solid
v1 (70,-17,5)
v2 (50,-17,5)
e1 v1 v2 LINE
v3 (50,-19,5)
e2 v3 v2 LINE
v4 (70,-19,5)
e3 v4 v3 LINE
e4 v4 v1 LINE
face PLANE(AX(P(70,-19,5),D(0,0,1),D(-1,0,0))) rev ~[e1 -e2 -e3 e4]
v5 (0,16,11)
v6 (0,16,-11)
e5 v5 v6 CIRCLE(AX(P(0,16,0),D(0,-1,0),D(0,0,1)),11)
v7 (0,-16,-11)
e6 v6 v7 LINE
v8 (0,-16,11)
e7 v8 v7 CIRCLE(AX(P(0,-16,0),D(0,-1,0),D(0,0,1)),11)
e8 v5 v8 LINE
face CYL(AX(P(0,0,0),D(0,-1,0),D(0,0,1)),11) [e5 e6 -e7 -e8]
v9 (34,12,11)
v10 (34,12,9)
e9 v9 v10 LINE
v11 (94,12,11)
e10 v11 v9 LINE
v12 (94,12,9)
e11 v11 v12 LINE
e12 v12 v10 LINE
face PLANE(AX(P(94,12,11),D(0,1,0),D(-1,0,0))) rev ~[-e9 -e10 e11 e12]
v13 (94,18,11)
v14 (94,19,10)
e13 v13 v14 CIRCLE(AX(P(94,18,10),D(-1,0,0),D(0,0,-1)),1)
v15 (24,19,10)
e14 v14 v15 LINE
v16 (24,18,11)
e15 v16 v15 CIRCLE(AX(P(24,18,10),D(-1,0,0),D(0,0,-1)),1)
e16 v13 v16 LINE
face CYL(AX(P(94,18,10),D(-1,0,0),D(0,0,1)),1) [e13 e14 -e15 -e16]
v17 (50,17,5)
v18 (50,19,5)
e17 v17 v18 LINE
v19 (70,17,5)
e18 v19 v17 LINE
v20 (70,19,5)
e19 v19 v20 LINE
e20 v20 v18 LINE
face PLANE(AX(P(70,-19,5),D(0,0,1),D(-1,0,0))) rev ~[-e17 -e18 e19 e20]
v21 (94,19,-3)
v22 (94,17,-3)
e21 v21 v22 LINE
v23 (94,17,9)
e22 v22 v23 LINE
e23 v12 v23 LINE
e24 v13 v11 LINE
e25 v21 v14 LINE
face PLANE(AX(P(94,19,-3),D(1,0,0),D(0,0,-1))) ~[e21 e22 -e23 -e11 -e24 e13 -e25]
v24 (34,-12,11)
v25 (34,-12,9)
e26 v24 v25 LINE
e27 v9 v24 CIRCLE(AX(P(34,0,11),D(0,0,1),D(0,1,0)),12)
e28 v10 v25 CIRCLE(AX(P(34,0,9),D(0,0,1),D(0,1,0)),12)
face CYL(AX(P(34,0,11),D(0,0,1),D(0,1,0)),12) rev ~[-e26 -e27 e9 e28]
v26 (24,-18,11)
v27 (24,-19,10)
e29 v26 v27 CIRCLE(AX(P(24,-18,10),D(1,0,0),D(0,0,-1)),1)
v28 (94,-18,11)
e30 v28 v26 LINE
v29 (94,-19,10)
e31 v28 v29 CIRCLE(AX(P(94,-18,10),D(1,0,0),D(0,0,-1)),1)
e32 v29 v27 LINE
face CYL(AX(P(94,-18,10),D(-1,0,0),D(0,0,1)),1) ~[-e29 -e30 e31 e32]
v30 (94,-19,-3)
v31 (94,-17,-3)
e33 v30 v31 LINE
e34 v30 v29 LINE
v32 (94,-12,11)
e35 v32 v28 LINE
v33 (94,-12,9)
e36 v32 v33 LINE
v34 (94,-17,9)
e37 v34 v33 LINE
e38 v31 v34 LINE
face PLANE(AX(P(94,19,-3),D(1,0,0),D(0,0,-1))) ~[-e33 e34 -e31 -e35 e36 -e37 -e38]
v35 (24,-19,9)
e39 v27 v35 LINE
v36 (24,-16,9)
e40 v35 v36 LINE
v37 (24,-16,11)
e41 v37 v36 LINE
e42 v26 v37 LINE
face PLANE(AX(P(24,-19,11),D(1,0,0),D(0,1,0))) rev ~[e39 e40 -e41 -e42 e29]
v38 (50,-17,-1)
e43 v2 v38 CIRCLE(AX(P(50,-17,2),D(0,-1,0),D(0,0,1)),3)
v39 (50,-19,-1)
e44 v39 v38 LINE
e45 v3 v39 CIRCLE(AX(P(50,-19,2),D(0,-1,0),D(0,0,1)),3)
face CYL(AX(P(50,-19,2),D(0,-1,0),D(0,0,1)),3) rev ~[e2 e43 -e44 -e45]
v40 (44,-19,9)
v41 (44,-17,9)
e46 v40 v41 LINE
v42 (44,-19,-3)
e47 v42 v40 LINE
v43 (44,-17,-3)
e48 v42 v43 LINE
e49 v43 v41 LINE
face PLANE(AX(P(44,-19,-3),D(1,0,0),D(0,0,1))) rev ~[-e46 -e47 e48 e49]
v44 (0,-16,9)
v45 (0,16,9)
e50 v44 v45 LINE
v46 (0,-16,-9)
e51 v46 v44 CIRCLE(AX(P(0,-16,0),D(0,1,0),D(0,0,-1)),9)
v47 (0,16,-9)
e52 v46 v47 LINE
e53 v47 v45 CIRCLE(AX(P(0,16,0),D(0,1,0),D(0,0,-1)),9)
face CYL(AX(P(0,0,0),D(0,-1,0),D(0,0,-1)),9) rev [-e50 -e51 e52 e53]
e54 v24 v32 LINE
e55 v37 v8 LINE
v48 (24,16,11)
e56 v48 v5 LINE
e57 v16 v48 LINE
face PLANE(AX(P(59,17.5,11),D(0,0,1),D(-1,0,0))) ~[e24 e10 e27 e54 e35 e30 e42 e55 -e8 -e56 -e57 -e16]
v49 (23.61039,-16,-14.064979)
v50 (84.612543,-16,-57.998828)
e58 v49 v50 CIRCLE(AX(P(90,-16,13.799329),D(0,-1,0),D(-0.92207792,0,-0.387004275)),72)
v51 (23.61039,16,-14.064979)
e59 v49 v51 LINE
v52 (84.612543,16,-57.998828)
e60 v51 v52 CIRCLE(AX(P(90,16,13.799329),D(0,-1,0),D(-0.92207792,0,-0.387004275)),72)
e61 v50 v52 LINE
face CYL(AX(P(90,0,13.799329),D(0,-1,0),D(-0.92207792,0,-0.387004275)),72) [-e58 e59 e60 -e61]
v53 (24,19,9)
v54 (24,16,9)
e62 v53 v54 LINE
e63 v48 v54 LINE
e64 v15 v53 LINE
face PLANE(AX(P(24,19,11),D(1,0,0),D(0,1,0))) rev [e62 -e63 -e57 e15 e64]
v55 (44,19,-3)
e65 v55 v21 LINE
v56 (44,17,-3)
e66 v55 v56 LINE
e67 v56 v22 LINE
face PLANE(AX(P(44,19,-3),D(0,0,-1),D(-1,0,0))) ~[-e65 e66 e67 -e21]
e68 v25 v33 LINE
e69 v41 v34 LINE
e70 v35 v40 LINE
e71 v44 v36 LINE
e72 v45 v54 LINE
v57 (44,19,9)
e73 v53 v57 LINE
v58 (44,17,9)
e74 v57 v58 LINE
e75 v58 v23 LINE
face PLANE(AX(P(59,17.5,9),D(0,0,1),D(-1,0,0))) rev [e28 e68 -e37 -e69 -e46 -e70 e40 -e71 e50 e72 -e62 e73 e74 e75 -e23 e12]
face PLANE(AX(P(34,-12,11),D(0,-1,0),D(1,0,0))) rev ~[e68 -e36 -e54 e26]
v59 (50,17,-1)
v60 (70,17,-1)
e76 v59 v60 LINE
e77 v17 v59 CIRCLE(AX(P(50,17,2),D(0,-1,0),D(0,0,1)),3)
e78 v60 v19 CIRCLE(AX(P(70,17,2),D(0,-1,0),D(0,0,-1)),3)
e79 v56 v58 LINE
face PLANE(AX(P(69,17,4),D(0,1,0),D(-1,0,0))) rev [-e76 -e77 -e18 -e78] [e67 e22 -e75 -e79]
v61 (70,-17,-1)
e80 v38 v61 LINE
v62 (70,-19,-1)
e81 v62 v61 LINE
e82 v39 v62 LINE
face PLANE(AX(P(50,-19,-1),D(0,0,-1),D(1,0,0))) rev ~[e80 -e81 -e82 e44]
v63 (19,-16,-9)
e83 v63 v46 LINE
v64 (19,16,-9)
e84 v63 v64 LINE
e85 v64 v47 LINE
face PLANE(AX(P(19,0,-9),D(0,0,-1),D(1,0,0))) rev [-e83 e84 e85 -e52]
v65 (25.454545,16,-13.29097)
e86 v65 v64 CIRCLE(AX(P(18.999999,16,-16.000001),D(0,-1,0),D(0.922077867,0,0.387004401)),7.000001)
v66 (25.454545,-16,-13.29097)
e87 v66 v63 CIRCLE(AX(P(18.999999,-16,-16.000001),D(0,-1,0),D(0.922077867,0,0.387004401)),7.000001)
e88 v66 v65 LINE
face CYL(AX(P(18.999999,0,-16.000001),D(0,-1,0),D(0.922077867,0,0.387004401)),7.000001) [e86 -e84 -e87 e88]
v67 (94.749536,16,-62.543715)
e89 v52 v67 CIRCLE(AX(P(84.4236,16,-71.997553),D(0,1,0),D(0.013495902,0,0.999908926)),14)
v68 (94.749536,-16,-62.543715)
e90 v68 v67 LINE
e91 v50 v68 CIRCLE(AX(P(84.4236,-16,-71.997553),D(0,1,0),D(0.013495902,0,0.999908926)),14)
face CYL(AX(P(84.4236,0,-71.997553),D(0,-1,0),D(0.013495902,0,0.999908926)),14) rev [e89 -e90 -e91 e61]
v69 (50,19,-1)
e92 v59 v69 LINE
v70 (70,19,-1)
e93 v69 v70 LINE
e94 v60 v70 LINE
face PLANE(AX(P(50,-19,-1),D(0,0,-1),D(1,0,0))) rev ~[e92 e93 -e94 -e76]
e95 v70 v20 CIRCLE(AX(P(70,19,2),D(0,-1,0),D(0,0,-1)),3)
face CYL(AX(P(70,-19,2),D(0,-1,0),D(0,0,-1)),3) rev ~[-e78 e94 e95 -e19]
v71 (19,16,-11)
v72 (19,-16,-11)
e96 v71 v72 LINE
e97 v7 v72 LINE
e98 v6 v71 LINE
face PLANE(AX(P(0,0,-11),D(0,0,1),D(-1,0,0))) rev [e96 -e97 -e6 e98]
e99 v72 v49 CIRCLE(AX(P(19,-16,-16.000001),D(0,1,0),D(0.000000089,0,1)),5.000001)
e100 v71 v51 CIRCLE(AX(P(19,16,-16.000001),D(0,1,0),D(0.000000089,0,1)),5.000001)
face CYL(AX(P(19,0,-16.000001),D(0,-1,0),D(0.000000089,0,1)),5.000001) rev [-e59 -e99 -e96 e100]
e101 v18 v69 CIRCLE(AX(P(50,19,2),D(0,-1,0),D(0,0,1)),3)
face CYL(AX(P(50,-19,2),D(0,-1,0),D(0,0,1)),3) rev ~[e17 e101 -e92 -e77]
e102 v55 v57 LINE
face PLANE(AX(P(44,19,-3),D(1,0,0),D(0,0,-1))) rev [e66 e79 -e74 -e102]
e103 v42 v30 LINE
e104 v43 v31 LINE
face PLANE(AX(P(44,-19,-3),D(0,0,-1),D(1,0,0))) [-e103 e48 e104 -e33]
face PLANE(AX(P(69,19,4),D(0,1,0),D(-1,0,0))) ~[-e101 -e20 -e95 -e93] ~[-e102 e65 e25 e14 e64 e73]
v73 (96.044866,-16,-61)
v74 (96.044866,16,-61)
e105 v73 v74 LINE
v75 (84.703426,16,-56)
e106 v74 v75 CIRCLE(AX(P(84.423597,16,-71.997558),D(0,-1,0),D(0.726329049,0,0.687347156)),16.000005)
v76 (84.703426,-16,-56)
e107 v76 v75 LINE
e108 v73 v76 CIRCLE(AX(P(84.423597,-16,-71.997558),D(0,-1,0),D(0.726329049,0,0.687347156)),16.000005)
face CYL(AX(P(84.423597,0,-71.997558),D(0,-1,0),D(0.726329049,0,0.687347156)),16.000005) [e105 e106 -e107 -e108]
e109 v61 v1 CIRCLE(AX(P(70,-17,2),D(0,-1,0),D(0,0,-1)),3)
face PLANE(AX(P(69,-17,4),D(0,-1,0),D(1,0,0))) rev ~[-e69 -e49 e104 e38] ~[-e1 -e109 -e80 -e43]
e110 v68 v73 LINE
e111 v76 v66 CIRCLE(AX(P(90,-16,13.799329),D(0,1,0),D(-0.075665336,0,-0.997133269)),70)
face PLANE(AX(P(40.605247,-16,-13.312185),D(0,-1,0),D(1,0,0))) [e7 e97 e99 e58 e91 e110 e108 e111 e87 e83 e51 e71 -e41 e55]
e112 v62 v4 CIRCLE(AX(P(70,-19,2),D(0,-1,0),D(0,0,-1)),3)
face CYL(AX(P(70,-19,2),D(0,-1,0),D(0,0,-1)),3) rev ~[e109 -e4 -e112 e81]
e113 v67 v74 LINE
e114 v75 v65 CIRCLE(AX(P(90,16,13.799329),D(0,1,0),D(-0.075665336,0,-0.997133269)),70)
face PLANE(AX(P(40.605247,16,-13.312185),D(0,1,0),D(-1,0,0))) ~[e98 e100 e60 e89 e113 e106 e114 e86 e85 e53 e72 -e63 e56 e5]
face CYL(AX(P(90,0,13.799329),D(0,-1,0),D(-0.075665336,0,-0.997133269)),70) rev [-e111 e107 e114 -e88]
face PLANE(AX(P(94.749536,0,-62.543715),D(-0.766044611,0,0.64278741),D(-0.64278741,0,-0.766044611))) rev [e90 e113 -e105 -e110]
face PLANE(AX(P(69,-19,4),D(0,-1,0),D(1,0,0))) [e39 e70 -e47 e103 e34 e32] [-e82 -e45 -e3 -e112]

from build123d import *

# Parameters (mm, degrees)
F1_DEPTH  = 16
F2_W      = 70
F2_H      = 3
F3_DEPTH  = 2
F4_W      = 50
F4_H      = 14
F5_DEPTH  = 2
F6_R      = 1
F9_DEPTH  = 2
F11_DEPTH = 38.001


with BuildPart() as f1:
    # F0 (on Front) → F1 (new body)
    with BuildSketch(Plane.XZ):
        with BuildLine():
            Line((94, 11), (0, 11))
            ThreePointArc((0, 11), (-11, 0), (0, -11))
            Line((0, -11), (19, -11))
            ThreePointArc((19, -11), (21.768112, -11.836161), (23.61039, -14.064979))
            ThreePointArc((23.61039, -14.064979), (47.922303, -44.625558), (84.612543, -57.998828))
            ThreePointArc((84.612543, -57.998828), (90.151136, -59.22276), (94.749536, -62.543715))
            Line((94.749536, -62.543715), (96.044866, -61))
            ThreePointArc((96.044866, -61), (90.877978, -57.357164), (84.703426, -56))
            ThreePointArc((84.703426, -56), (49.067219, -42.985418), (25.454545, -13.29097))
            ThreePointArc((25.454545, -13.29097), (22.875357, -10.170626), (19, -9))
            Line((19, -9), (0, -9))
            ThreePointArc((0, -9), (-9, 0), (0, 9))
            Line((0, 9), (94, 9))
            Line((94, 9), (94, 11))
        make_face()
    extrude(amount=F1_DEPTH)

    # F2 (on face) → F3 (join)
    with BuildSketch(Plane.XY.offset(11)):
        with Locations((59, -17.5)):
            Rectangle(F2_W, F2_H)
    extrude(amount=-F3_DEPTH)

    # F4 (on face) → F5 (join)
    with BuildSketch(Plane.XZ.offset(19)):
        with Locations((69, 4)):
            Rectangle(F4_W, F4_H)
    extrude(amount=-F5_DEPTH)

    # F6
    f6_edges = [f1.edges().sort_by_distance(p)[0] for p in [
        (59, -19, 11),
    ]]
    fillet(f6_edges, radius=F6_R)

    # F7: F1 across plane


with BuildPart() as f1_1:
    add(f1.part)
    add(f1.part.mirror(Plane.XZ))

    # F8 (on face) → F9 (cut)
    with BuildSketch(Plane.XY.offset(11)):
        with BuildLine():
            Line((94, 12), (34, 12))
            ThreePointArc((34, 12), (22, 0), (34, -12))
            Line((34, -12), (94, -12))
            Line((94, -12), (94, 12))
        make_face()
    extrude(amount=-F9_DEPTH, mode=Mode.SUBTRACT)

    # F10 (on face) → F11 (cut, through all)
    with BuildSketch(Plane.XZ.offset(19)):
        with BuildLine():
            ThreePointArc((50, 5), (47, 2), (50, -1))
            Line((50, -1), (70, -1))
            ThreePointArc((70, -1), (73, 2), (70, 5))
            Line((70, 5), (50, 5))
        make_face()
    extrude(amount=-F11_DEPTH, mode=Mode.SUBTRACT)


solid = f1_1.part
